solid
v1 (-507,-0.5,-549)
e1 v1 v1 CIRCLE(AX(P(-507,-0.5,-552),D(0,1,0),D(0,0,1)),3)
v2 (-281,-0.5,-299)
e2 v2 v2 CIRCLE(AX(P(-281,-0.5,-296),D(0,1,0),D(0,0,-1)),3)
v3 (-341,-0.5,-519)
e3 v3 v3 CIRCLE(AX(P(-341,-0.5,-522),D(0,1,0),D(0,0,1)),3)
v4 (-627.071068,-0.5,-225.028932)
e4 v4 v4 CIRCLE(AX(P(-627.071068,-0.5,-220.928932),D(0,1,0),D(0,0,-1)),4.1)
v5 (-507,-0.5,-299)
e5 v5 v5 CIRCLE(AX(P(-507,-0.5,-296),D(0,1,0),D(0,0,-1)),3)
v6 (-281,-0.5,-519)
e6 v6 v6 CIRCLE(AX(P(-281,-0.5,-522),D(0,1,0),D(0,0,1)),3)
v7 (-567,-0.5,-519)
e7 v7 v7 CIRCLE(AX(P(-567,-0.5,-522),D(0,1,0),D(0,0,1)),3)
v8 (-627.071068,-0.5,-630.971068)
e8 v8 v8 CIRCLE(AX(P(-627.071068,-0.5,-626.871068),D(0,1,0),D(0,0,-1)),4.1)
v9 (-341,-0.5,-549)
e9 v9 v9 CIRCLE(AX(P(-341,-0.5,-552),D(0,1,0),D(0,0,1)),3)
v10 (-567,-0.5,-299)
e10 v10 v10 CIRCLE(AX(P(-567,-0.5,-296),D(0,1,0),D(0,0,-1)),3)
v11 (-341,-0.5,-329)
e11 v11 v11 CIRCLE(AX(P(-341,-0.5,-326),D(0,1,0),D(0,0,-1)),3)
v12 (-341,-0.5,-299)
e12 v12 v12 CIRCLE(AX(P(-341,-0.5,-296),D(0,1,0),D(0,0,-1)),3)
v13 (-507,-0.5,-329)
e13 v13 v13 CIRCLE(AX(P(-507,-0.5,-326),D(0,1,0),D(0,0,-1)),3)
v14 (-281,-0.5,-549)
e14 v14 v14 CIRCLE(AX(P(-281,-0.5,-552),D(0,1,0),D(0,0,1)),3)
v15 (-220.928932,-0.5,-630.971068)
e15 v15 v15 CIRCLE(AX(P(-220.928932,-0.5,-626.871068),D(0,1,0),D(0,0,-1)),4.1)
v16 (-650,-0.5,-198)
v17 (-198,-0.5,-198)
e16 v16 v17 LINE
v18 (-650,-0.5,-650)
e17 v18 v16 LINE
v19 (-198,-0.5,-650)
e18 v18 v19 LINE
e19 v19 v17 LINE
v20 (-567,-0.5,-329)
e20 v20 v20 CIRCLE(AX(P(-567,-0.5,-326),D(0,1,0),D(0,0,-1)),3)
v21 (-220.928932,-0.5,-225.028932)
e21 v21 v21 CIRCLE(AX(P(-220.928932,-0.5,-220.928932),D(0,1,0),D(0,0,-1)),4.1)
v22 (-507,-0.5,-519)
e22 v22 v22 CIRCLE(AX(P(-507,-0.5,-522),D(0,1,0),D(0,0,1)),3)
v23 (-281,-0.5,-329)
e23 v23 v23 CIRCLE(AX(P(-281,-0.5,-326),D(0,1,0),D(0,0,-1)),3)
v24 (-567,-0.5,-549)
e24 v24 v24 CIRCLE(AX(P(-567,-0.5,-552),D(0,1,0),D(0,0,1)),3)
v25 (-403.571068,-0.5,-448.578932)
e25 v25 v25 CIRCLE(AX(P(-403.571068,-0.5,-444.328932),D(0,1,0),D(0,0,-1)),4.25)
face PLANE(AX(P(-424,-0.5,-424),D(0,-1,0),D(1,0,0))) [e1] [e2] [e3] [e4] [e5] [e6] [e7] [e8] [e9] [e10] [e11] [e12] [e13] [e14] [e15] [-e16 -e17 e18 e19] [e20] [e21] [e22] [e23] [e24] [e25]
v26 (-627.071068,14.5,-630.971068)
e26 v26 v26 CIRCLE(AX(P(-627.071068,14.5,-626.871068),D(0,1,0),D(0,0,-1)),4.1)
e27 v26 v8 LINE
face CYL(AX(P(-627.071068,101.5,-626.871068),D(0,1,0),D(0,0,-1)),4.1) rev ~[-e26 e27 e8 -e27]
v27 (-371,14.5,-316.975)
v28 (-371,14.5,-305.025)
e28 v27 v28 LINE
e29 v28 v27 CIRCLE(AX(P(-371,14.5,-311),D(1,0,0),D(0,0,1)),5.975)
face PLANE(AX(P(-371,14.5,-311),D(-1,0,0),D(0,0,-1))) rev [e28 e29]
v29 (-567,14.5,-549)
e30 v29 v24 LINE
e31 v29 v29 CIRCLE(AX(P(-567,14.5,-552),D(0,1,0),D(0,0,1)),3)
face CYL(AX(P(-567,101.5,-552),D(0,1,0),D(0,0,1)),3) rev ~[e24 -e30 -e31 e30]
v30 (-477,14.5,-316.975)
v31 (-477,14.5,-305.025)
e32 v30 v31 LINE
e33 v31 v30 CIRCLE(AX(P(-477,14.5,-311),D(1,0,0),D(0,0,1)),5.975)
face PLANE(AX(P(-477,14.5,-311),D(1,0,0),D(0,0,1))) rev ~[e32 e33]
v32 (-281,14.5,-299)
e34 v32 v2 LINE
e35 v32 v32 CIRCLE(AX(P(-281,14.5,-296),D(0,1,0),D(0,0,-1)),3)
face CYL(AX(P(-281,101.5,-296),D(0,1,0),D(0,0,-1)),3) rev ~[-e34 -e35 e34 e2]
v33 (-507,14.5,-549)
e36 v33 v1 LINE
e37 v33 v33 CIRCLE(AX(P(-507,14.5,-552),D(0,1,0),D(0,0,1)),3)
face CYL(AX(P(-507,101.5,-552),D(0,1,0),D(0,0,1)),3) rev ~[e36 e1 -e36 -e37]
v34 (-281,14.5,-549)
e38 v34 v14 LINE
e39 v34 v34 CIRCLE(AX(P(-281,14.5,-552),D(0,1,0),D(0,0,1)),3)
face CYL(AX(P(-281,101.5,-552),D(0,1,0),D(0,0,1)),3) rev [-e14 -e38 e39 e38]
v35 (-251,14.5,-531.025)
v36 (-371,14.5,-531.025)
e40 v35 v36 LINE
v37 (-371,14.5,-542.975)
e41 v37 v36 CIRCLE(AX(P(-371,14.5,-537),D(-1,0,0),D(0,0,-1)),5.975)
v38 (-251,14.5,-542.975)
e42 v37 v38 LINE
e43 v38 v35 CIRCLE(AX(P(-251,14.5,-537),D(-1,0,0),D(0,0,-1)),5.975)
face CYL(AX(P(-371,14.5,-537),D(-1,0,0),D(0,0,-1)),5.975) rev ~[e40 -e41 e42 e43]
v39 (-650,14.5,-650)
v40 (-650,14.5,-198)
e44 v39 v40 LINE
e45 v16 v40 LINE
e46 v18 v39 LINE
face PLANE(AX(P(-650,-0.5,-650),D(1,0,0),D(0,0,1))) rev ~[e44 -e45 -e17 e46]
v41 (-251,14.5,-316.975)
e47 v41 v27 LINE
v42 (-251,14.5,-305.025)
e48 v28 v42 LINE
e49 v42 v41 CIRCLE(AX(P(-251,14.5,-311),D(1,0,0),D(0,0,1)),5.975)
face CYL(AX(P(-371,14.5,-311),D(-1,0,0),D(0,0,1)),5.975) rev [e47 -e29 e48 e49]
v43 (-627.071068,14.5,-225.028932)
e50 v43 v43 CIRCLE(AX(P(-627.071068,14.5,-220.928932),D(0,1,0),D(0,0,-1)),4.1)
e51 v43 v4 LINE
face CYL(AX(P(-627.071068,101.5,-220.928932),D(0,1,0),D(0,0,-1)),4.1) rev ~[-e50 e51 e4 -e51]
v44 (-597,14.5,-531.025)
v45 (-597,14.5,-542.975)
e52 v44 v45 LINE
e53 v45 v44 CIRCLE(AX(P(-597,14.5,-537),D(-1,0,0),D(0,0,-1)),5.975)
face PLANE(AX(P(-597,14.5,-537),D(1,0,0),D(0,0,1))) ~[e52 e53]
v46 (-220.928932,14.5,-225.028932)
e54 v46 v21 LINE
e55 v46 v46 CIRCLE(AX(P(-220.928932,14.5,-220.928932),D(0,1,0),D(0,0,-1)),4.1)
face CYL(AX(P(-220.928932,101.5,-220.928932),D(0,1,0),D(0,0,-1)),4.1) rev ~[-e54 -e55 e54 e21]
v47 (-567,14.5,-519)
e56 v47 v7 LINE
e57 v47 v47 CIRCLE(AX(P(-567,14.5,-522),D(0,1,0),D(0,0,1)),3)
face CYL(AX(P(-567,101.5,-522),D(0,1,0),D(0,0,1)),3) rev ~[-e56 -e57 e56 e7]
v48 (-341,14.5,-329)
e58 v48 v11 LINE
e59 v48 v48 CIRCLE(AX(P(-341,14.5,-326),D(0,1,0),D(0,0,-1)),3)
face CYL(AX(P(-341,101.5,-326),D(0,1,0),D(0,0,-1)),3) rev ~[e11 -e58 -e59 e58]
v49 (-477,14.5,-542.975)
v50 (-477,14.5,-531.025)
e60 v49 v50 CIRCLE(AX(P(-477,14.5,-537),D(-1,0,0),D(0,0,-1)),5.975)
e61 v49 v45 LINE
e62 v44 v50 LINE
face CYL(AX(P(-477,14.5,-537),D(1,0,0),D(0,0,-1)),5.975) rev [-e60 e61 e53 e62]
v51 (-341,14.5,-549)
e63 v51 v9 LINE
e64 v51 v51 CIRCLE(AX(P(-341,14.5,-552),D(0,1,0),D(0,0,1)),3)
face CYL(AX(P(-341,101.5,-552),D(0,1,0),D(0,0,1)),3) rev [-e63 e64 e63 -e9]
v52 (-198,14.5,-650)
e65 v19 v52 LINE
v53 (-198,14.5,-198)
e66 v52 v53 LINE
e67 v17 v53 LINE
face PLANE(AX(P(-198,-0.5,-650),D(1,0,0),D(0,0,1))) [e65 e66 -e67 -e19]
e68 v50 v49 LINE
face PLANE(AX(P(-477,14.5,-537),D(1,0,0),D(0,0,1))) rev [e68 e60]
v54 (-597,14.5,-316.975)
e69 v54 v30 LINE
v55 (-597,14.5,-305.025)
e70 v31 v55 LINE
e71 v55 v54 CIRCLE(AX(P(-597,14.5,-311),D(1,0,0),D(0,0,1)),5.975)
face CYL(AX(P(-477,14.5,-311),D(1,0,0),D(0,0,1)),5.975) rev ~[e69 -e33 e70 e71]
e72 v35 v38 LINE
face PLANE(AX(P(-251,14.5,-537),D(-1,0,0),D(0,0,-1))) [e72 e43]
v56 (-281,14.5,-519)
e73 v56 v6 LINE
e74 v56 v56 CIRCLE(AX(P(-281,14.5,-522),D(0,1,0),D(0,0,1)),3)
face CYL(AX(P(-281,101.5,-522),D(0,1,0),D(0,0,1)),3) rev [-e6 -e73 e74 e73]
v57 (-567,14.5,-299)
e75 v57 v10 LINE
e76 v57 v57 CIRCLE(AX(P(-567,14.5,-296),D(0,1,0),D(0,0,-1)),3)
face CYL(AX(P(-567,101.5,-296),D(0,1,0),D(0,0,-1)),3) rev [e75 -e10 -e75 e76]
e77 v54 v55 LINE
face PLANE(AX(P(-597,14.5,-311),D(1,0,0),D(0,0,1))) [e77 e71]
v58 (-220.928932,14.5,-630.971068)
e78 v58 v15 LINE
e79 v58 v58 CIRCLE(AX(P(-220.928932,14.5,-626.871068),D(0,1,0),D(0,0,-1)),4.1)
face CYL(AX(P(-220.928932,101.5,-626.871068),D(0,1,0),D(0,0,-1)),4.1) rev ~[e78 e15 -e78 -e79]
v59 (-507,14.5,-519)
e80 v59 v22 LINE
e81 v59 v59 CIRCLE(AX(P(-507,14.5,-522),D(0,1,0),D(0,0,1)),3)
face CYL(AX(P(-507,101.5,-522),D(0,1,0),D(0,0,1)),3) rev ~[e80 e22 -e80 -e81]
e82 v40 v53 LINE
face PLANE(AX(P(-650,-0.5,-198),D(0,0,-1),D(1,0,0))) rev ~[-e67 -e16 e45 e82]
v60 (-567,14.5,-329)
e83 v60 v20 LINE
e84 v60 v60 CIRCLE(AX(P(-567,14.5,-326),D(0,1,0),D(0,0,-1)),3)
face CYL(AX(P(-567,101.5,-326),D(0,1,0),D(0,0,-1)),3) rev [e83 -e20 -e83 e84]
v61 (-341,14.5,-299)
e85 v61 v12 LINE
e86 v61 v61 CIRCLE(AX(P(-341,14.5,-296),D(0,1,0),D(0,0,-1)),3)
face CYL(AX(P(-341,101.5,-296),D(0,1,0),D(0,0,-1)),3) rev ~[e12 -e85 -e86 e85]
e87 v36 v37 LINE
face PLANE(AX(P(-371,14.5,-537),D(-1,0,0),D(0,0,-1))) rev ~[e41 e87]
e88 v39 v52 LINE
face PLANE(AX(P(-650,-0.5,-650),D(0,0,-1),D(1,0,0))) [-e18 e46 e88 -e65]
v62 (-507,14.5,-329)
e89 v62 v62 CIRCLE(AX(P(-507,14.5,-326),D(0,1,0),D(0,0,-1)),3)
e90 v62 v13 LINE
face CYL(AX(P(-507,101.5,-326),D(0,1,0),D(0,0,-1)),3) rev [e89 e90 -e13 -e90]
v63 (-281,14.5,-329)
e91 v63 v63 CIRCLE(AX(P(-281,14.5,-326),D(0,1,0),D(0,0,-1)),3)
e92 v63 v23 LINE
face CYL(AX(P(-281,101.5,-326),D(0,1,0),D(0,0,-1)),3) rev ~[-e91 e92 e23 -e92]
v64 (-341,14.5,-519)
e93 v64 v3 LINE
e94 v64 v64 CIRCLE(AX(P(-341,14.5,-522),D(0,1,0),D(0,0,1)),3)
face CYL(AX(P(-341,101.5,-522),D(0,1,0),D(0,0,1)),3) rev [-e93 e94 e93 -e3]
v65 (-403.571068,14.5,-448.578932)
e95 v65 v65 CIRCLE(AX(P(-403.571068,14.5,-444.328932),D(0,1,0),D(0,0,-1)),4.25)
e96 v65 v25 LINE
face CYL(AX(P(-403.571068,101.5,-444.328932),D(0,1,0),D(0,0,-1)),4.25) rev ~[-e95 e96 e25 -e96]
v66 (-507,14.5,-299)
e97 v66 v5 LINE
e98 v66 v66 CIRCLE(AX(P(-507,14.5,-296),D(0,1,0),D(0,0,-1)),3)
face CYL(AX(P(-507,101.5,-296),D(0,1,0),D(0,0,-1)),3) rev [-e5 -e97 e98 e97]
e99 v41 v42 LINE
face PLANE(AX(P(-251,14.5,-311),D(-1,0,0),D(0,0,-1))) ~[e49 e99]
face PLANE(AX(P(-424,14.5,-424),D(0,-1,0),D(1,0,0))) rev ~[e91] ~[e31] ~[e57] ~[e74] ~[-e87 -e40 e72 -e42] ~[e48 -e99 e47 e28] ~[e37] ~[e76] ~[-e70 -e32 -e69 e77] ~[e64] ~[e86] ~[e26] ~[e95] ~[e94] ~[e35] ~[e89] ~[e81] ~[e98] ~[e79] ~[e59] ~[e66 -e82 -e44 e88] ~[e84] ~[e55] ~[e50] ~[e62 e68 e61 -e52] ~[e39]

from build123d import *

# Parameters (mm, degrees)
SKETCH1_W               = 452
SKETCH1_H               = 452
BOSS_EXTRUDE1_DEPTH     = 15
SKETCH15_R              = 5.975
CUT_EXTRUDE12_DEPTH     = 120
MIRROR2_COPY_1_SKETCH_R = 5.975
MIRROR2_COPY_1_DEPTH    = 120
SKETCH16_R              = 3
CUT_EXTRUDE13_DEPTH     = 120
SKETCH17_R              = 4.1
SKETCH17_R_2            = 4.25
CUT_EXTRUDE14_DEPTH     = 120
MIRROR4_COPY_1_SKETCH_R = 3
MIRROR4_COPY_1_DEPTH    = 120


with BuildPart() as part:
    # Sketch1 → Boss-Extrude1 (new body)
    with BuildSketch(Plane.XZ.offset(0.5)):
        with Locations((-424, -424)):
            Rectangle(SKETCH1_W, SKETCH1_H)
    extrude(amount=-BOSS_EXTRUDE1_DEPTH)

    # Sketch15 → Cut-Extrude12 (cut)
    with BuildSketch(Plane(origin=(-477, 324.820623632, -300), x_dir=(0, 0, 1), z_dir=(1, 0, 0))):
        with Locations((-11, 310.320623632)):
            Circle(SKETCH15_R)
    cut_extrude12 = extrude(amount=-CUT_EXTRUDE12_DEPTH, mode=Mode.SUBTRACT)

    # Mirror1: Cut-Extrude12 across plane
    add(cut_extrude12.mirror(Plane(origin=(0, 0, -424), x_dir=(1, 0, 0), z_dir=(0, 0, -1))), mode=Mode.SUBTRACT)

    # Mirror2: Cut-Extrude12 across plane
    add(cut_extrude12.mirror(Plane.ZY.offset(424)), mode=Mode.SUBTRACT)

    # Mirror2 copy 1 sketch → Mirror2 copy 1 (cut)
    with BuildSketch(Plane(origin=(-371, 324.820623632, -548), x_dir=(0, 0, -1), z_dir=(-1, 0, 0))):
        with Locations((-11, 310.320623632)):
            Circle(MIRROR2_COPY_1_SKETCH_R)
    extrude(amount=-MIRROR2_COPY_1_DEPTH, mode=Mode.SUBTRACT)

    # Sketch16 → Cut-Extrude13 (cut)
    with BuildSketch(Plane(origin=(-300, 101.5, -300), x_dir=(-1, 0, 0), z_dir=(0, 1, 0))):
        with Locations(Location((-19, -26, 0), (0, 0, 270))):
            Circle(SKETCH16_R)
        with Locations(Location((41, -26, 0), (0, 0, 270))):
            Circle(SKETCH16_R)
        with Locations(Location((41, 4, 0), (0, 0, 270))):
            Circle(SKETCH16_R)
        with Locations(Location((-19, 4, 0), (0, 0, 270))):
            Circle(SKETCH16_R)
    cut_extrude13 = extrude(amount=-CUT_EXTRUDE13_DEPTH, mode=Mode.SUBTRACT)

    # Sketch17 → Cut-Extrude14 (cut)
    with BuildSketch(Plane(origin=(-300, 101.5, -300), x_dir=(-1, 0, 0), z_dir=(0, 1, 0))):
        with Locations(Location((327.071067812, -326.871067812, 0), (0, 0, 270))):
            Circle(SKETCH17_R)
        with Locations(Location((-79.071067812, -326.871067812, 0), (0, 0, 270))):
            Circle(SKETCH17_R)
        with Locations(Location((103.571067812, -144.328932188, 0), (0, 0, 270))):
            Circle(SKETCH17_R_2)
        with Locations(Location((327.071067812, 79.071067812, 0), (0, 0, 270))):
            Circle(SKETCH17_R)
        with Locations(Location((-79.071067812, 79.071067812, 0), (0, 0, 270))):
            Circle(SKETCH17_R)
    extrude(amount=-CUT_EXTRUDE14_DEPTH, mode=Mode.SUBTRACT)

    # Mirror3: Cut-Extrude13 across plane
    add(cut_extrude13.mirror(Plane.ZY.offset(424)), mode=Mode.SUBTRACT)

    # Mirror4: Cut-Extrude13 across plane
    add(cut_extrude13.mirror(Plane(origin=(0, 0, -424), x_dir=(1, 0, 0), z_dir=(0, 0, -1))), mode=Mode.SUBTRACT)

    # Mirror4 copy 1 sketch → Mirror4 copy 1 (cut)
    with BuildSketch(Plane(origin=(-548, 101.5, -548), x_dir=(1, 0, 0), z_dir=(0, 1, 0))):
        with Locations(Location((-19, -26, 0), (0, 0, 270))):
            Circle(MIRROR4_COPY_1_SKETCH_R)
        with Locations(Location((41, -26, 0), (0, 0, 270))):
            Circle(MIRROR4_COPY_1_SKETCH_R)
        with Locations(Location((41, 4, 0), (0, 0, 270))):
            Circle(MIRROR4_COPY_1_SKETCH_R)
        with Locations(Location((-19, 4, 0), (0, 0, 270))):
            Circle(MIRROR4_COPY_1_SKETCH_R)
    extrude(amount=-MIRROR4_COPY_1_DEPTH, mode=Mode.SUBTRACT)


solid = part.part
